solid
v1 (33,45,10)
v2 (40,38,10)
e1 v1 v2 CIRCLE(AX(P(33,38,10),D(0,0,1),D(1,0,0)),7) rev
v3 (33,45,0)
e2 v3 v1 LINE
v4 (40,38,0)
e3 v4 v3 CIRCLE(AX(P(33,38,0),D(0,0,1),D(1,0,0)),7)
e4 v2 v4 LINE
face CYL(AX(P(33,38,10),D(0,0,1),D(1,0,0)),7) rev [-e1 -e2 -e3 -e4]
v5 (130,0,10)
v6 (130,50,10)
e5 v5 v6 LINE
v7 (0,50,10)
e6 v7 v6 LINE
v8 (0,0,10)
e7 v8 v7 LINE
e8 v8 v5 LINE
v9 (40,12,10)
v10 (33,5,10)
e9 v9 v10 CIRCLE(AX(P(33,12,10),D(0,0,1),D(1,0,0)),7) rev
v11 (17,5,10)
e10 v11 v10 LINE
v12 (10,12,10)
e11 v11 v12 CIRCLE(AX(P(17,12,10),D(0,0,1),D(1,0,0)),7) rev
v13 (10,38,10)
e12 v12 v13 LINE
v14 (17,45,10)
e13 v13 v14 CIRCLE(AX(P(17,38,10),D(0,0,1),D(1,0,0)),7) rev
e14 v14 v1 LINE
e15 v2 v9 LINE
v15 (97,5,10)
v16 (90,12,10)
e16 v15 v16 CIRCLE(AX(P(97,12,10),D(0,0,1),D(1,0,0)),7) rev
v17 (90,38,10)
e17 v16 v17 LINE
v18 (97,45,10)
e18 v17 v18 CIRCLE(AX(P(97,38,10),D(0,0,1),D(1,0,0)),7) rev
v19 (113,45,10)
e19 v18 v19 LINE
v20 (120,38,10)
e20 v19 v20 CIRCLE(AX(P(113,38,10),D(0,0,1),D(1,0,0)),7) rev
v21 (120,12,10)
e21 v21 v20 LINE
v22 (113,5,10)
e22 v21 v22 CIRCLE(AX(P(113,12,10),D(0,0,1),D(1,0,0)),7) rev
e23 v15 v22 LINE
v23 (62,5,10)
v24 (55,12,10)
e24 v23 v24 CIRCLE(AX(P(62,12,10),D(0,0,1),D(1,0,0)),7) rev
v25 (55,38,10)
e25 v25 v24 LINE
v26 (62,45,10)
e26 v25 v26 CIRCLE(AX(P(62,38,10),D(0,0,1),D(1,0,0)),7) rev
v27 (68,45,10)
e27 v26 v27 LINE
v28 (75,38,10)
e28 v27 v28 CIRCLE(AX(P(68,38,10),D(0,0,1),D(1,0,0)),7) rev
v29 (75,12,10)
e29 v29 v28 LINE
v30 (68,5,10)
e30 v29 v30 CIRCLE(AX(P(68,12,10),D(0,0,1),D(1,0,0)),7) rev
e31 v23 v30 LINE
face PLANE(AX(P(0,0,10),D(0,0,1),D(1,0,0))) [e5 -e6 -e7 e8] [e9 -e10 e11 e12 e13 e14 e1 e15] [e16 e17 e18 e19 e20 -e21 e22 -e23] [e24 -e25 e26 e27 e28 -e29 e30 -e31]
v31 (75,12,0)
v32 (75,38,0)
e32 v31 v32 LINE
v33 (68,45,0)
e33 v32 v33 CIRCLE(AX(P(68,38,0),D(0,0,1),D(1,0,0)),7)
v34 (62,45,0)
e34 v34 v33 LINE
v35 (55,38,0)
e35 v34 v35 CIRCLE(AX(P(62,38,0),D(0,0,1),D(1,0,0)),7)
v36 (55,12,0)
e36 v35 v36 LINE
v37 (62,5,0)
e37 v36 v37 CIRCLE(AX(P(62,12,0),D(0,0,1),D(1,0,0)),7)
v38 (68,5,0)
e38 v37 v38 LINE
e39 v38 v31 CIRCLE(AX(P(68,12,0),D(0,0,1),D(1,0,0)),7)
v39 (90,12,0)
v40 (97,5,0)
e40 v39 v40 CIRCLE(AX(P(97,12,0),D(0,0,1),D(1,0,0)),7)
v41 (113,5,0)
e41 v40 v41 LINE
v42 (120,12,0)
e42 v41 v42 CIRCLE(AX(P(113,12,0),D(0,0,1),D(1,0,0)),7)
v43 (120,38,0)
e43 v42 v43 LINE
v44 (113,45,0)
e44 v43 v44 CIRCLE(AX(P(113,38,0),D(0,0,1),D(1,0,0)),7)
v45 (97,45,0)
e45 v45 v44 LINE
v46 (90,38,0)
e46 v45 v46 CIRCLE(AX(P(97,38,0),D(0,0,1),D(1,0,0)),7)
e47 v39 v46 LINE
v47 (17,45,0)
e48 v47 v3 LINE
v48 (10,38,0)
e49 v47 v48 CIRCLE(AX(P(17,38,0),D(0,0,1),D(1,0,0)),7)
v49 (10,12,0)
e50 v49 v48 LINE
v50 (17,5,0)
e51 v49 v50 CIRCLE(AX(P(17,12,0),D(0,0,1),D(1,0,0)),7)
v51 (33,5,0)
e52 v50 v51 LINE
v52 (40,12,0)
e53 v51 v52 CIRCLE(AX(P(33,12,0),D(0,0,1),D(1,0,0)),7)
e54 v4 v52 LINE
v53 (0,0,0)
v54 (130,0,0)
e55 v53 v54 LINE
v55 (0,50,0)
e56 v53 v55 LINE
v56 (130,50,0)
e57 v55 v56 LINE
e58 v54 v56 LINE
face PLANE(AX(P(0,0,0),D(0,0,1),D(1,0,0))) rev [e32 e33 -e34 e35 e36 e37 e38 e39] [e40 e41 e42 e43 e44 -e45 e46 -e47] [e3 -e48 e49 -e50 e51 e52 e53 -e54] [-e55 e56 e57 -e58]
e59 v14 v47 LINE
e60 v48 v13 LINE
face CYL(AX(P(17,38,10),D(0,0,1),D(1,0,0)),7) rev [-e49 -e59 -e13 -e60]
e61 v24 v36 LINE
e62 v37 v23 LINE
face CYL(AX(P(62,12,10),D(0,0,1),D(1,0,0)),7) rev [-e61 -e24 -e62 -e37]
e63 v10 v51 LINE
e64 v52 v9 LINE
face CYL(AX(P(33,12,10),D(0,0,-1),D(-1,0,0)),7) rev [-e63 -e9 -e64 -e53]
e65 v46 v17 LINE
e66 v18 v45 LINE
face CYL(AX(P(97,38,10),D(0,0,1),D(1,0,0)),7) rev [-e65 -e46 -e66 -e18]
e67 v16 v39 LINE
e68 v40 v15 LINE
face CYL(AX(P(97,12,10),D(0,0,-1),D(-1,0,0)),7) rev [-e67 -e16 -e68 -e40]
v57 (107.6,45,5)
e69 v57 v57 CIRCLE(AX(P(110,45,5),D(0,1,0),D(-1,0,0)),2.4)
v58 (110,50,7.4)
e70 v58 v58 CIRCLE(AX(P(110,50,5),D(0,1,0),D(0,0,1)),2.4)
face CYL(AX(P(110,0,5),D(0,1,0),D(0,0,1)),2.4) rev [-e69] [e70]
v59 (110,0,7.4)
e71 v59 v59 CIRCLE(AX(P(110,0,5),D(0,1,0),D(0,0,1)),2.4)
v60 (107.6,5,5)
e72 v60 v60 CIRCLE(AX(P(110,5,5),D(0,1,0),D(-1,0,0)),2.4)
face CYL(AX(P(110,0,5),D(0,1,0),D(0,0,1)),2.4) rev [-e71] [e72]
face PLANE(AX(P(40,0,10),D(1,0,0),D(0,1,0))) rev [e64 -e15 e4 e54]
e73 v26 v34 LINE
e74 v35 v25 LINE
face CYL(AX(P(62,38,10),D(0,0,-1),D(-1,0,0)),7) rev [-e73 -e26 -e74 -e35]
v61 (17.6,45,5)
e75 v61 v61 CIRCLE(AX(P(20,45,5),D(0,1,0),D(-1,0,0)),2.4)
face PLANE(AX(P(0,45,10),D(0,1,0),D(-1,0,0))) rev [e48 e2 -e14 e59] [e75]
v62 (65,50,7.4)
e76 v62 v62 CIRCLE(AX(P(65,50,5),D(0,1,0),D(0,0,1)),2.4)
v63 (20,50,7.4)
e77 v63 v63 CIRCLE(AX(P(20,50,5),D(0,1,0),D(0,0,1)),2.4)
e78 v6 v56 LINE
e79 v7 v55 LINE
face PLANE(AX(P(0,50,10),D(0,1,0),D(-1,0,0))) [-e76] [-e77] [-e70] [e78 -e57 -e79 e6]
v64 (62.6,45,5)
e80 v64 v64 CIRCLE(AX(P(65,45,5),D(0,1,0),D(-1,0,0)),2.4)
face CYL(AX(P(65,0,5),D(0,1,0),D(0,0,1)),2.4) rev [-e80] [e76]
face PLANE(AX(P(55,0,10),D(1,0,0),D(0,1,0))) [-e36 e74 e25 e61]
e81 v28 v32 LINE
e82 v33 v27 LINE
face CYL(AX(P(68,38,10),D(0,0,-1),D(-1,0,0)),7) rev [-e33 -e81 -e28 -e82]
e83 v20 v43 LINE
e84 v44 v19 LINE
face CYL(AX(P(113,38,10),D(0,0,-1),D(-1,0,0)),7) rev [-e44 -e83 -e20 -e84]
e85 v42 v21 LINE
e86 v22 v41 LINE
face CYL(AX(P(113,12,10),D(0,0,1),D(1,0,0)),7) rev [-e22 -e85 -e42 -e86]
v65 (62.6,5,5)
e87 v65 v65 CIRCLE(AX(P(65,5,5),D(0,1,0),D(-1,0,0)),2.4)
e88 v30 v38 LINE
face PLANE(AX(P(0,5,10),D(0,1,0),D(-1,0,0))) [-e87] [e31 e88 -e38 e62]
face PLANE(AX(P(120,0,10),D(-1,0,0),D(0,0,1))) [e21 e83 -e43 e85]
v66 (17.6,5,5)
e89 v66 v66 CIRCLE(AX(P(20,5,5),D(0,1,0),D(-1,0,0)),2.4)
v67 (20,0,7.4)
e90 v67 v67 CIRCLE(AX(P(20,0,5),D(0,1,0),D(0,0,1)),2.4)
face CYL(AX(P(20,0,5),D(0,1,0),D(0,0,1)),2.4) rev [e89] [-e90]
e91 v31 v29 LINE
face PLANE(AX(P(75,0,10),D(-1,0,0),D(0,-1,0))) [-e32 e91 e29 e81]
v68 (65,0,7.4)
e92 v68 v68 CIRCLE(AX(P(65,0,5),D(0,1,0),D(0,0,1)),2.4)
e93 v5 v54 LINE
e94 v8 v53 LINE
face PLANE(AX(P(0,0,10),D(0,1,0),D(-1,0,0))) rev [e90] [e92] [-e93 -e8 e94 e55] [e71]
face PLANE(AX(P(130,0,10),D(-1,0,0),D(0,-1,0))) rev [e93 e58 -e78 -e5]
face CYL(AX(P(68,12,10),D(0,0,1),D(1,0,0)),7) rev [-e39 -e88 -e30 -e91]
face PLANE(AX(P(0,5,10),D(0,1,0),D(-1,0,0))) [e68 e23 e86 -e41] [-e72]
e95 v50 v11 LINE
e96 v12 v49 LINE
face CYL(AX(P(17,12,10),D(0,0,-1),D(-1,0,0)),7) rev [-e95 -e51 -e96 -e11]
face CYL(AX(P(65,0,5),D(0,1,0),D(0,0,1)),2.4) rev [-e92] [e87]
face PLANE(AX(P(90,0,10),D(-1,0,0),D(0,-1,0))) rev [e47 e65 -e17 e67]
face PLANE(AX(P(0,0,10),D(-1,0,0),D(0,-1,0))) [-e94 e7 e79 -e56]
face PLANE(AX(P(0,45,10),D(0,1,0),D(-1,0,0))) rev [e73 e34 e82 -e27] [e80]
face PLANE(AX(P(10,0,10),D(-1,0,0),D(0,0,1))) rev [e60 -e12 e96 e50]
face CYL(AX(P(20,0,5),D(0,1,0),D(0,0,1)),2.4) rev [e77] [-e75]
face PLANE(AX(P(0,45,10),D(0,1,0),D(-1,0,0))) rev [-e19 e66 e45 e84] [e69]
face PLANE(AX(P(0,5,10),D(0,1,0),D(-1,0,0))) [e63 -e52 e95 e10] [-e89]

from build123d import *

# Parameters (mm, degrees)
ESQUISSE1_W             = 130
ESQUISSE1_H             = 50
ESQUISSE1_W_2           = 110
ESQUISSE1_H_2           = 40
ESQUISSE1_W_3           = 15
BOSS_EXTRU_1_DEPTH      = 10
ESQUISSE2_R             = 2.4
ENL_V_MAT_EXTRU_1_DEPTH = 140.642400438
CONG_1_R                = 7


with BuildPart() as part:
    # Esquisse1 → Boss.-Extru.1 (new body)
    # profile 1 of 3: a face of its own
    with BuildSketch(Plane.XY):
        with Locations((65, 25)):
            Rectangle(ESQUISSE1_W, ESQUISSE1_H)
        with Locations((65, 25)):
            Rectangle(ESQUISSE1_W_2, ESQUISSE1_H_2, mode=Mode.SUBTRACT)
    # profile 2 of 3: a face of its own
    with BuildSketch(Plane.XY):
        with Locations((47.5, 25)):
            Rectangle(ESQUISSE1_W_3, ESQUISSE1_H_2)
    # profile 3 of 3: a face of its own
    with BuildSketch(Plane.XY):
        with Locations((82.5, 25)):
            Rectangle(ESQUISSE1_W_3, ESQUISSE1_H_2)
    extrude(amount=BOSS_EXTRU_1_DEPTH)

    # Esquisse2 → Enlèv. mat.-Extru.1 (cut, through all)
    with BuildSketch(Plane(origin=(0, 50, 0), x_dir=(1, 0, 0), z_dir=(0, 1, 0))):
        with Locations(Location((20, -5, 0), (0, 0, 270))):
            Circle(ESQUISSE2_R)
        with Locations(Location((65, -5, 0), (0, 0, 270))):
            Circle(ESQUISSE2_R)
        with Locations(Location((110, -5, 0), (0, 0, 270))):
            Circle(ESQUISSE2_R)
    extrude(amount=-ENL_V_MAT_EXTRU_1_DEPTH, mode=Mode.SUBTRACT)

    # Congé1
    cong_1_edges = [part.edges().sort_by_distance(p)[0] for p in [
        (40, 45, 5),
        (10, 45, 5),
        (10, 5, 5),
        (40, 5, 5),
        (120, 5, 5),
        (120, 45, 5),
        (90, 45, 5),
        (90, 5, 5),
        (75, 5, 5),
        (75, 45, 5),
        (55, 45, 5),
        (55, 5, 5),
    ]]
    fillet(cong_1_edges, radius=CONG_1_R)


solid = part.part
